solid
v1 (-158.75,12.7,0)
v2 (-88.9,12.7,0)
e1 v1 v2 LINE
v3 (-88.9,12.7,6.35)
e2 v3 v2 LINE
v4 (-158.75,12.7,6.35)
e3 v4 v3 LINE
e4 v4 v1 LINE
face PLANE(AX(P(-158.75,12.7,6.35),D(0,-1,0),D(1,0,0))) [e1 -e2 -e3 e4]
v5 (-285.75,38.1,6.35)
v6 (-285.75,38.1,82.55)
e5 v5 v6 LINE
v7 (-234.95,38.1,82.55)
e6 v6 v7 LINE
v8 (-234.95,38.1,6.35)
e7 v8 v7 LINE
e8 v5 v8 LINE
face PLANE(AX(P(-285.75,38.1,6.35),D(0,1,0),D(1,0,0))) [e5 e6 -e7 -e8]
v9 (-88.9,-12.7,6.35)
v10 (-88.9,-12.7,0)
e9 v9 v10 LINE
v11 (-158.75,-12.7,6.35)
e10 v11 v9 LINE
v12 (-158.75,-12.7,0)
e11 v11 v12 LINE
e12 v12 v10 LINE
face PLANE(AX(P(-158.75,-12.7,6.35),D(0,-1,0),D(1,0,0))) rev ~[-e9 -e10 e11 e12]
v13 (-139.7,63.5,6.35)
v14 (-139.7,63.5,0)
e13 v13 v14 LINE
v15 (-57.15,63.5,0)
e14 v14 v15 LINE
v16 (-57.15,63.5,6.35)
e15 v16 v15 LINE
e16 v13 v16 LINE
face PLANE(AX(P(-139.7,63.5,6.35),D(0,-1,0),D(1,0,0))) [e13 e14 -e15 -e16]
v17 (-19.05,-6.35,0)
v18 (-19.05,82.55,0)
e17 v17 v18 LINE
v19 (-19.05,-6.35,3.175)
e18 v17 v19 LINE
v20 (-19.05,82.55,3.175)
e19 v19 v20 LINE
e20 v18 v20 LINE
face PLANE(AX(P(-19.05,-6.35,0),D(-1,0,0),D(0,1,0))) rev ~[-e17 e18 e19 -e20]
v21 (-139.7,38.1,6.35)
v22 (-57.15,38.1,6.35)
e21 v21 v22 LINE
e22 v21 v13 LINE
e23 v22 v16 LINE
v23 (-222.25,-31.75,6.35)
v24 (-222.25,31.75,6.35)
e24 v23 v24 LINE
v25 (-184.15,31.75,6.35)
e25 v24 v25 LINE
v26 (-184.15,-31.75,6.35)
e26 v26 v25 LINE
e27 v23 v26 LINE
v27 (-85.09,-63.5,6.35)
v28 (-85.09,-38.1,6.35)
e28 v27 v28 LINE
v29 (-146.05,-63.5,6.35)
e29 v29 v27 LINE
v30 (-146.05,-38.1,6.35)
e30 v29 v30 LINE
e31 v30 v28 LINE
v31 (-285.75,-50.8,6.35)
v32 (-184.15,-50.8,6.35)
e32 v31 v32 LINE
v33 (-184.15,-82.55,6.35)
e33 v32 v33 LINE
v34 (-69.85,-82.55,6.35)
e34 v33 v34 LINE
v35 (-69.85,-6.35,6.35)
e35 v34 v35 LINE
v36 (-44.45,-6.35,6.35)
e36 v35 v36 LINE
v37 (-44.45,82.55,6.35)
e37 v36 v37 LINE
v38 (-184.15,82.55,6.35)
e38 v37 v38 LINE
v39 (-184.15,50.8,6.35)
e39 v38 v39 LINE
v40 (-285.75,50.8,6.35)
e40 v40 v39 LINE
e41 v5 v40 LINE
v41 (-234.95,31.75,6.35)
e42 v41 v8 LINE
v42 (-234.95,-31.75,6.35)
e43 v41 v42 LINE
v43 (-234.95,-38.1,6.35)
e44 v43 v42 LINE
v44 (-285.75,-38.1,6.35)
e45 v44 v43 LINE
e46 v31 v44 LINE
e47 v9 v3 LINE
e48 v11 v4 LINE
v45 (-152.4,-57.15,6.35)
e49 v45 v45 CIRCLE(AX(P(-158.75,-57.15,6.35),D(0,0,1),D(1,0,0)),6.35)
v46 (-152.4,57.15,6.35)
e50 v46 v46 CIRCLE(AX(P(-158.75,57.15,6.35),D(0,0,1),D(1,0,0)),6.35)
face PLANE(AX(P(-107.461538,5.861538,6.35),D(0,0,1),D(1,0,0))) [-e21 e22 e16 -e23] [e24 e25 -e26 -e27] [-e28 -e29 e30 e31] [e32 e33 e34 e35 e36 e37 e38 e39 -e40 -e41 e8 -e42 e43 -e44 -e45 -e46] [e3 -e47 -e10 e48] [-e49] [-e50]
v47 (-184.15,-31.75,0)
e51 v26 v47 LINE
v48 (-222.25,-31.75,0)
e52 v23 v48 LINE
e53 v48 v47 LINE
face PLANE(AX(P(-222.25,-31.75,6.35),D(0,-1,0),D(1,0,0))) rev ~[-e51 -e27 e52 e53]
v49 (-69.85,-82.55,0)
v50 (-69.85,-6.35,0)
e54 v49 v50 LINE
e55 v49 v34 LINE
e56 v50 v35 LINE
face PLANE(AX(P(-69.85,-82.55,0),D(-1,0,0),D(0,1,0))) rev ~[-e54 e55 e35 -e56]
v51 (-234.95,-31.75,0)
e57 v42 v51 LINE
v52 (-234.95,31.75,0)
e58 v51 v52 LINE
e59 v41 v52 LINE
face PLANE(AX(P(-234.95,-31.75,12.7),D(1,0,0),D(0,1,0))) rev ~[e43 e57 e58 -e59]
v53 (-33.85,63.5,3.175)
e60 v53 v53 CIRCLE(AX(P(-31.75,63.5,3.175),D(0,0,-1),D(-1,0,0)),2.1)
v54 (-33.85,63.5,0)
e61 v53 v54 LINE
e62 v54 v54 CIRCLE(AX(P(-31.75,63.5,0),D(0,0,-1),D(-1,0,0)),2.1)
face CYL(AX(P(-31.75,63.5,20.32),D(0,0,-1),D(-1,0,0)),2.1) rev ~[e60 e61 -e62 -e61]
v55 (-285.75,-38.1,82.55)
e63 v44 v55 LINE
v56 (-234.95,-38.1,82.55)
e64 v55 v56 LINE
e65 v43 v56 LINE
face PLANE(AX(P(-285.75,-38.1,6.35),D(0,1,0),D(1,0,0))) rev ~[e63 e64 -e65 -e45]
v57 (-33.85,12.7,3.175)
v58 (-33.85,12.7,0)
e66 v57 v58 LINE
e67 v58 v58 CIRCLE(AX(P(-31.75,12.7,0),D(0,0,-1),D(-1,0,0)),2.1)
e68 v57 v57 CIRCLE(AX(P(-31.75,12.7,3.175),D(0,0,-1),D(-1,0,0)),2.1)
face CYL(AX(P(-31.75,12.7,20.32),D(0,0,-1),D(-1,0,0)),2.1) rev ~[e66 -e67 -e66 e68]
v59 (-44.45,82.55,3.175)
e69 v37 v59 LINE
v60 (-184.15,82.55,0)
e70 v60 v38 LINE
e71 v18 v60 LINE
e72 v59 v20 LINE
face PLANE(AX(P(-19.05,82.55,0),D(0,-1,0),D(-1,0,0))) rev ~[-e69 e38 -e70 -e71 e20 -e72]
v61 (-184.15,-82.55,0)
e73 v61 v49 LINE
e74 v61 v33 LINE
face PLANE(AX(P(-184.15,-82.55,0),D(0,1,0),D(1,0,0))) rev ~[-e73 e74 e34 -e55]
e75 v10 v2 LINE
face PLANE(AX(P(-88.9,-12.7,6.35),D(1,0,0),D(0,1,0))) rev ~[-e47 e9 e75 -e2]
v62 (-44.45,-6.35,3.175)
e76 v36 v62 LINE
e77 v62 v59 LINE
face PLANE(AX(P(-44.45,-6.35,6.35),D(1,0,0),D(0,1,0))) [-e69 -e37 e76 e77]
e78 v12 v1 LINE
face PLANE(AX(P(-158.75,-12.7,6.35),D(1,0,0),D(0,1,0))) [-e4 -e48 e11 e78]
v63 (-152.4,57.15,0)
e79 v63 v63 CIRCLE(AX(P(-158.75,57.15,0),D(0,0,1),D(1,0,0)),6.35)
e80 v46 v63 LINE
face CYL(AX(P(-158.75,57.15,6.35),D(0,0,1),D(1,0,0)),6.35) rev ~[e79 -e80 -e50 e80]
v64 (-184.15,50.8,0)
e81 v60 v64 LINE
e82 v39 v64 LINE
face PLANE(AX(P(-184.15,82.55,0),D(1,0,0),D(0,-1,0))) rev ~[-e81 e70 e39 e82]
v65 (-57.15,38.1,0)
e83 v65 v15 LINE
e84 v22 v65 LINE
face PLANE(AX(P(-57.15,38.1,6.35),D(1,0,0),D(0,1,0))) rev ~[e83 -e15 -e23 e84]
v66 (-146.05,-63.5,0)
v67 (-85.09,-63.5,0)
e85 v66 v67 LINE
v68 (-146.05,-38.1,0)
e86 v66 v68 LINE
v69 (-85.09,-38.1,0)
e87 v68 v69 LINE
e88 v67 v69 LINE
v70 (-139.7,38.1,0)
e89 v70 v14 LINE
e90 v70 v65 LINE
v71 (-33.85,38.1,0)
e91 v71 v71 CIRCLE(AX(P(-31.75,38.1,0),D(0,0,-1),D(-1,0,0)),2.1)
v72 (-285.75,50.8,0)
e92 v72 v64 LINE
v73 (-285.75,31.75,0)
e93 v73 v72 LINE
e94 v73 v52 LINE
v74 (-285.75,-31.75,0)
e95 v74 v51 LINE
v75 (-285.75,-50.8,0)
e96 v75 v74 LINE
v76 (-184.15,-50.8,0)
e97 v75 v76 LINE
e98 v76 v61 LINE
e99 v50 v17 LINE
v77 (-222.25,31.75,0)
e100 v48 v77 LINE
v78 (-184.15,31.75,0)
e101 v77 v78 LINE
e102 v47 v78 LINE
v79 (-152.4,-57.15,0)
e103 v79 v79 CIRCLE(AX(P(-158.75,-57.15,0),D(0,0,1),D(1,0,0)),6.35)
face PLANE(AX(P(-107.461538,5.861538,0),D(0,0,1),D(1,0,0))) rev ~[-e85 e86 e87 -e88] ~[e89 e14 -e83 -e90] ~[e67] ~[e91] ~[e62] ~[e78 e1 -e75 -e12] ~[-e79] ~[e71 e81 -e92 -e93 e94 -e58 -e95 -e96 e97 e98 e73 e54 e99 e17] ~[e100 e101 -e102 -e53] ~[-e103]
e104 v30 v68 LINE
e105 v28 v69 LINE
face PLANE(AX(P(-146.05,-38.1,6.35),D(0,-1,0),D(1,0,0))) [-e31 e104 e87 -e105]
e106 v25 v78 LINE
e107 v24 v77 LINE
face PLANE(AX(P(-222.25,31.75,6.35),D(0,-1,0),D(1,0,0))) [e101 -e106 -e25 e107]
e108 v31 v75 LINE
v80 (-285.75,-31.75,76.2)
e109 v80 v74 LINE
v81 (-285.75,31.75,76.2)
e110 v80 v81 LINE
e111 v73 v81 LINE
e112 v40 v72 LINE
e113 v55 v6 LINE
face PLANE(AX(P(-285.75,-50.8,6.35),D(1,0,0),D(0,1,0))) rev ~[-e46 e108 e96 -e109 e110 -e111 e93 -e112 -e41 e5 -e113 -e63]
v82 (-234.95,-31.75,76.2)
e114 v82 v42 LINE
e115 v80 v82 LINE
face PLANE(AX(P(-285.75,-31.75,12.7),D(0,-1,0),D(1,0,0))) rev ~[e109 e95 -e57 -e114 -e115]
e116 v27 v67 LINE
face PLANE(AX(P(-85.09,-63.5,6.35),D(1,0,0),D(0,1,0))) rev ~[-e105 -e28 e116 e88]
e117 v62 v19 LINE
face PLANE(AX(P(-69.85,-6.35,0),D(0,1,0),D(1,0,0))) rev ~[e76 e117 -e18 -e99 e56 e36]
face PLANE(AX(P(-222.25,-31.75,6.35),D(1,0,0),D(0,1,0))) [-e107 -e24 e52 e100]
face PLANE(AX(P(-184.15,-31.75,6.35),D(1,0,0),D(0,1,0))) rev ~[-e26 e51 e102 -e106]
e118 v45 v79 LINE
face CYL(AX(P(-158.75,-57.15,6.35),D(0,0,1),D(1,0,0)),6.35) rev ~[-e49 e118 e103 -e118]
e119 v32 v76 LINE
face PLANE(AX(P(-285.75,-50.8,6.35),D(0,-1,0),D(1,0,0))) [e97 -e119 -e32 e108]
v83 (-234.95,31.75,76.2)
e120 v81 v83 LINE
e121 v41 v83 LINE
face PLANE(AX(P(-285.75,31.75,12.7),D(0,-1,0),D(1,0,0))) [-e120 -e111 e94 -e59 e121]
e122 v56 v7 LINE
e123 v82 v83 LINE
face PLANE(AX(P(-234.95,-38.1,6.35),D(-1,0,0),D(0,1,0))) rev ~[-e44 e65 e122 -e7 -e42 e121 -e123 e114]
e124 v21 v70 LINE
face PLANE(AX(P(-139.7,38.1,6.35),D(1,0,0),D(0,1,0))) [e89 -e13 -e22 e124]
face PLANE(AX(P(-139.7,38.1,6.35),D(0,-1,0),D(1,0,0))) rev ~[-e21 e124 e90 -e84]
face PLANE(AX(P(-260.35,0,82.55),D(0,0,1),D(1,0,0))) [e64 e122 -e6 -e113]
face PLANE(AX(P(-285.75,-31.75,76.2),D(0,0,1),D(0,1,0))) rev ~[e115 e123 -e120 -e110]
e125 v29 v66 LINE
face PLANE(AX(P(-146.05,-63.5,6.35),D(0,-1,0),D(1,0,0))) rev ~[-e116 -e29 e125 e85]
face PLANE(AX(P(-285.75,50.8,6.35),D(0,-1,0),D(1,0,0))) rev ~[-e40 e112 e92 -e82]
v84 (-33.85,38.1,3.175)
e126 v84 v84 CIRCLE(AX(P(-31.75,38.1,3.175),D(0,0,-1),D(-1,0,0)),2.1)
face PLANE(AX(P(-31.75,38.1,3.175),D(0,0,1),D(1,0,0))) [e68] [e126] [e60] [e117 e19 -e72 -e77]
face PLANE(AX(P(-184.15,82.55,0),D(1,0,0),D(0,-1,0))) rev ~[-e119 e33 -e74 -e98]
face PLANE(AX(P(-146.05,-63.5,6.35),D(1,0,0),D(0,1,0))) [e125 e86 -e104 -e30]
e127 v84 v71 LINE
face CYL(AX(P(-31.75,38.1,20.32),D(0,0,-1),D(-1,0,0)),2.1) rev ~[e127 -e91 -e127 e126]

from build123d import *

# Parameters (mm, degrees)
BOSS_EXTRUDE1_DEPTH       = 6.35
SKETCH5_R                 = 6.35
CUT_EXTRUDE1_DEPTH        = 202.906036314
SKETCH6_W                 = 82.55
SKETCH6_H                 = 25.4
SKETCH6_W_2               = 60.96
CUT_EXTRUDE2_DEPTH        = 10.16
M5X0_8_TAPPED_HOLE1_D     = 4.2
M5X0_8_TAPPED_HOLE1_DEPTH = 13.97
M5X0_8_TAPPED_HOLE1_TIP   = 1.2618073
SKETCH13_W                = 101.6
SKETCH13_H                = 101.6
BOSS_EXTRUDE2_DEPTH       = 6.35
SKETCH14_W                = 50.8
SKETCH14_H                = 76.2
BOSS_EXTRUDE3_DEPTH       = 76.2
SKETCH15_W                = 63.5
SKETCH15_H                = 63.5
CUT_EXTRUDE4_DEPTH        = 292.132092013
SKETCH16_W                = 25.4
SKETCH16_H                = 88.9
CUT_EXTRUDE5_DEPTH        = 3.175
SKETCH6_3_W               = 82.55
SKETCH6_3_H               = 25.4
SKETCH6_3_W_2             = 60.96
SKETCH6_3_W_3             = 69.85
CUT_EXTRUDE6_DEPTH        = 308.040722055
SKETCH17_W                = 38.1
SKETCH17_H                = 63.5
CUT_EXTRUDE7_DEPTH        = 308.040722055
SKETCH19_W                = 50.8
SKETCH19_H                = 60.96
CUT_EXTRUDE8_DEPTH        = 306.526737782
SKETCH20_W                = 50.8
SKETCH20_H                = 1.27
CUT_EXTRUDE9_DEPTH        = 306.526737782
SKETCH21_W                = 50.8
SKETCH21_H                = 1.27
CUT_EXTRUDE10_DEPTH       = 306.526737782


with BuildPart() as part:
    # Sketch2 → Boss-Extrude1 (new body)
    with BuildSketch(Plane.XY):
        Polygon((-69.85, -82.55), (-69.85, -6.35), (-19.05, -6.35), (-19.05, 82.55), (-184.15, 82.55), (-184.15, -82.55), align=None)
    extrude(amount=BOSS_EXTRUDE1_DEPTH)

    # Sketch5 → Cut-Extrude1 (cut, through all)
    with BuildSketch(Plane.XY.offset(6.35)):
        with Locations((-158.75, 57.15)):
            Circle(SKETCH5_R)
        with Locations((-158.75, -57.15)):
            Circle(SKETCH5_R)
    extrude(amount=-CUT_EXTRUDE1_DEPTH, mode=Mode.SUBTRACT)

    # Sketch6 → Cut-Extrude2 (cut)
    with BuildSketch(Plane.XY.offset(6.35)):
        with Locations((-98.425, 50.8)):
            Rectangle(SKETCH6_W, SKETCH6_H)
        with Locations((-115.57, -50.8)):
            Rectangle(SKETCH6_W_2, SKETCH6_H)
    extrude(amount=-CUT_EXTRUDE2_DEPTH, mode=Mode.SUBTRACT)

    # M5x0.8 Tapped Hole1
    with Locations(Plane.XY.offset(6.35)):
        with Locations((-31.75, 63.5), (-31.75, 38.1), (-31.75, 12.7)):
            Hole(M5X0_8_TAPPED_HOLE1_D / 2, depth=M5X0_8_TAPPED_HOLE1_DEPTH)
            with Locations((0, 0, -(M5X0_8_TAPPED_HOLE1_DEPTH + M5X0_8_TAPPED_HOLE1_TIP / 2))):  # 118° drill point
                Cone(0, M5X0_8_TAPPED_HOLE1_D / 2, M5X0_8_TAPPED_HOLE1_TIP, mode=Mode.SUBTRACT)

    # Sketch13 → Boss-Extrude2 (add)
    with BuildSketch(Plane.XY.offset(6.35)):
        with Locations((-234.95, 0)):
            Rectangle(SKETCH13_W, SKETCH13_H)
    extrude(amount=-BOSS_EXTRUDE2_DEPTH)

    # Sketch14 → Boss-Extrude3 (add)
    with BuildSketch(Plane.XY.offset(6.35)):
        with Locations((-260.35, 0)):
            Rectangle(SKETCH14_W, SKETCH14_H)
    extrude(amount=BOSS_EXTRUDE3_DEPTH)

    # Sketch15 → Cut-Extrude4 (cut, through all)
    with BuildSketch(Plane.ZY.offset(285.75)):
        with Locations((44.45, 0)):
            Rectangle(SKETCH15_W, SKETCH15_H)
    extrude(amount=-CUT_EXTRUDE4_DEPTH, mode=Mode.SUBTRACT)

    # Sketch16 → Cut-Extrude5 (cut)
    with BuildSketch(Plane.XY.offset(6.35)):
        with Locations((-31.75, 38.1)):
            Rectangle(SKETCH16_W, SKETCH16_H)
    extrude(amount=-CUT_EXTRUDE5_DEPTH, mode=Mode.SUBTRACT)

    # Sketch6<3> → Cut-Extrude6 (cut, through all)
    with BuildSketch(Plane.XY.offset(6.35)):
        with Locations((-98.425, 50.8)):
            Rectangle(SKETCH6_3_W, SKETCH6_3_H)
        with Locations((-115.57, -50.8)):
            Rectangle(SKETCH6_3_W_2, SKETCH6_3_H)
        with Locations((-123.825, 0)):
            Rectangle(SKETCH6_3_W_3, SKETCH6_3_H)
    extrude(amount=-CUT_EXTRUDE6_DEPTH, mode=Mode.SUBTRACT)

    # Sketch17 → Cut-Extrude7 (cut, through all)
    with BuildSketch(Plane.XY.offset(6.35)):
        with Locations((-203.2, 0)):
            Rectangle(SKETCH17_W, SKETCH17_H)
    extrude(amount=-CUT_EXTRUDE7_DEPTH, mode=Mode.SUBTRACT)

    # Sketch19 → Cut-Extrude8 (cut, through all)
    with BuildSketch(Plane.XY.offset(12.7)):
        with Locations((-260.35, 0)):
            Rectangle(SKETCH19_W, SKETCH19_H)
    extrude(amount=-CUT_EXTRUDE8_DEPTH, mode=Mode.SUBTRACT)

    # Sketch20 → Cut-Extrude9 (cut, through all)
    with BuildSketch(Plane.XY.offset(12.7)):
        with Locations((-260.35, 31.115)):
            Rectangle(SKETCH20_W, SKETCH20_H)
    extrude(amount=-CUT_EXTRUDE9_DEPTH, mode=Mode.SUBTRACT)

    # Sketch21 → Cut-Extrude10 (cut, through all)
    with BuildSketch(Plane.XY.offset(12.7)):
        with Locations((-260.35, -31.115)):
            Rectangle(SKETCH21_W, SKETCH21_H)
    extrude(amount=-CUT_EXTRUDE10_DEPTH, mode=Mode.SUBTRACT)


solid = part.part
